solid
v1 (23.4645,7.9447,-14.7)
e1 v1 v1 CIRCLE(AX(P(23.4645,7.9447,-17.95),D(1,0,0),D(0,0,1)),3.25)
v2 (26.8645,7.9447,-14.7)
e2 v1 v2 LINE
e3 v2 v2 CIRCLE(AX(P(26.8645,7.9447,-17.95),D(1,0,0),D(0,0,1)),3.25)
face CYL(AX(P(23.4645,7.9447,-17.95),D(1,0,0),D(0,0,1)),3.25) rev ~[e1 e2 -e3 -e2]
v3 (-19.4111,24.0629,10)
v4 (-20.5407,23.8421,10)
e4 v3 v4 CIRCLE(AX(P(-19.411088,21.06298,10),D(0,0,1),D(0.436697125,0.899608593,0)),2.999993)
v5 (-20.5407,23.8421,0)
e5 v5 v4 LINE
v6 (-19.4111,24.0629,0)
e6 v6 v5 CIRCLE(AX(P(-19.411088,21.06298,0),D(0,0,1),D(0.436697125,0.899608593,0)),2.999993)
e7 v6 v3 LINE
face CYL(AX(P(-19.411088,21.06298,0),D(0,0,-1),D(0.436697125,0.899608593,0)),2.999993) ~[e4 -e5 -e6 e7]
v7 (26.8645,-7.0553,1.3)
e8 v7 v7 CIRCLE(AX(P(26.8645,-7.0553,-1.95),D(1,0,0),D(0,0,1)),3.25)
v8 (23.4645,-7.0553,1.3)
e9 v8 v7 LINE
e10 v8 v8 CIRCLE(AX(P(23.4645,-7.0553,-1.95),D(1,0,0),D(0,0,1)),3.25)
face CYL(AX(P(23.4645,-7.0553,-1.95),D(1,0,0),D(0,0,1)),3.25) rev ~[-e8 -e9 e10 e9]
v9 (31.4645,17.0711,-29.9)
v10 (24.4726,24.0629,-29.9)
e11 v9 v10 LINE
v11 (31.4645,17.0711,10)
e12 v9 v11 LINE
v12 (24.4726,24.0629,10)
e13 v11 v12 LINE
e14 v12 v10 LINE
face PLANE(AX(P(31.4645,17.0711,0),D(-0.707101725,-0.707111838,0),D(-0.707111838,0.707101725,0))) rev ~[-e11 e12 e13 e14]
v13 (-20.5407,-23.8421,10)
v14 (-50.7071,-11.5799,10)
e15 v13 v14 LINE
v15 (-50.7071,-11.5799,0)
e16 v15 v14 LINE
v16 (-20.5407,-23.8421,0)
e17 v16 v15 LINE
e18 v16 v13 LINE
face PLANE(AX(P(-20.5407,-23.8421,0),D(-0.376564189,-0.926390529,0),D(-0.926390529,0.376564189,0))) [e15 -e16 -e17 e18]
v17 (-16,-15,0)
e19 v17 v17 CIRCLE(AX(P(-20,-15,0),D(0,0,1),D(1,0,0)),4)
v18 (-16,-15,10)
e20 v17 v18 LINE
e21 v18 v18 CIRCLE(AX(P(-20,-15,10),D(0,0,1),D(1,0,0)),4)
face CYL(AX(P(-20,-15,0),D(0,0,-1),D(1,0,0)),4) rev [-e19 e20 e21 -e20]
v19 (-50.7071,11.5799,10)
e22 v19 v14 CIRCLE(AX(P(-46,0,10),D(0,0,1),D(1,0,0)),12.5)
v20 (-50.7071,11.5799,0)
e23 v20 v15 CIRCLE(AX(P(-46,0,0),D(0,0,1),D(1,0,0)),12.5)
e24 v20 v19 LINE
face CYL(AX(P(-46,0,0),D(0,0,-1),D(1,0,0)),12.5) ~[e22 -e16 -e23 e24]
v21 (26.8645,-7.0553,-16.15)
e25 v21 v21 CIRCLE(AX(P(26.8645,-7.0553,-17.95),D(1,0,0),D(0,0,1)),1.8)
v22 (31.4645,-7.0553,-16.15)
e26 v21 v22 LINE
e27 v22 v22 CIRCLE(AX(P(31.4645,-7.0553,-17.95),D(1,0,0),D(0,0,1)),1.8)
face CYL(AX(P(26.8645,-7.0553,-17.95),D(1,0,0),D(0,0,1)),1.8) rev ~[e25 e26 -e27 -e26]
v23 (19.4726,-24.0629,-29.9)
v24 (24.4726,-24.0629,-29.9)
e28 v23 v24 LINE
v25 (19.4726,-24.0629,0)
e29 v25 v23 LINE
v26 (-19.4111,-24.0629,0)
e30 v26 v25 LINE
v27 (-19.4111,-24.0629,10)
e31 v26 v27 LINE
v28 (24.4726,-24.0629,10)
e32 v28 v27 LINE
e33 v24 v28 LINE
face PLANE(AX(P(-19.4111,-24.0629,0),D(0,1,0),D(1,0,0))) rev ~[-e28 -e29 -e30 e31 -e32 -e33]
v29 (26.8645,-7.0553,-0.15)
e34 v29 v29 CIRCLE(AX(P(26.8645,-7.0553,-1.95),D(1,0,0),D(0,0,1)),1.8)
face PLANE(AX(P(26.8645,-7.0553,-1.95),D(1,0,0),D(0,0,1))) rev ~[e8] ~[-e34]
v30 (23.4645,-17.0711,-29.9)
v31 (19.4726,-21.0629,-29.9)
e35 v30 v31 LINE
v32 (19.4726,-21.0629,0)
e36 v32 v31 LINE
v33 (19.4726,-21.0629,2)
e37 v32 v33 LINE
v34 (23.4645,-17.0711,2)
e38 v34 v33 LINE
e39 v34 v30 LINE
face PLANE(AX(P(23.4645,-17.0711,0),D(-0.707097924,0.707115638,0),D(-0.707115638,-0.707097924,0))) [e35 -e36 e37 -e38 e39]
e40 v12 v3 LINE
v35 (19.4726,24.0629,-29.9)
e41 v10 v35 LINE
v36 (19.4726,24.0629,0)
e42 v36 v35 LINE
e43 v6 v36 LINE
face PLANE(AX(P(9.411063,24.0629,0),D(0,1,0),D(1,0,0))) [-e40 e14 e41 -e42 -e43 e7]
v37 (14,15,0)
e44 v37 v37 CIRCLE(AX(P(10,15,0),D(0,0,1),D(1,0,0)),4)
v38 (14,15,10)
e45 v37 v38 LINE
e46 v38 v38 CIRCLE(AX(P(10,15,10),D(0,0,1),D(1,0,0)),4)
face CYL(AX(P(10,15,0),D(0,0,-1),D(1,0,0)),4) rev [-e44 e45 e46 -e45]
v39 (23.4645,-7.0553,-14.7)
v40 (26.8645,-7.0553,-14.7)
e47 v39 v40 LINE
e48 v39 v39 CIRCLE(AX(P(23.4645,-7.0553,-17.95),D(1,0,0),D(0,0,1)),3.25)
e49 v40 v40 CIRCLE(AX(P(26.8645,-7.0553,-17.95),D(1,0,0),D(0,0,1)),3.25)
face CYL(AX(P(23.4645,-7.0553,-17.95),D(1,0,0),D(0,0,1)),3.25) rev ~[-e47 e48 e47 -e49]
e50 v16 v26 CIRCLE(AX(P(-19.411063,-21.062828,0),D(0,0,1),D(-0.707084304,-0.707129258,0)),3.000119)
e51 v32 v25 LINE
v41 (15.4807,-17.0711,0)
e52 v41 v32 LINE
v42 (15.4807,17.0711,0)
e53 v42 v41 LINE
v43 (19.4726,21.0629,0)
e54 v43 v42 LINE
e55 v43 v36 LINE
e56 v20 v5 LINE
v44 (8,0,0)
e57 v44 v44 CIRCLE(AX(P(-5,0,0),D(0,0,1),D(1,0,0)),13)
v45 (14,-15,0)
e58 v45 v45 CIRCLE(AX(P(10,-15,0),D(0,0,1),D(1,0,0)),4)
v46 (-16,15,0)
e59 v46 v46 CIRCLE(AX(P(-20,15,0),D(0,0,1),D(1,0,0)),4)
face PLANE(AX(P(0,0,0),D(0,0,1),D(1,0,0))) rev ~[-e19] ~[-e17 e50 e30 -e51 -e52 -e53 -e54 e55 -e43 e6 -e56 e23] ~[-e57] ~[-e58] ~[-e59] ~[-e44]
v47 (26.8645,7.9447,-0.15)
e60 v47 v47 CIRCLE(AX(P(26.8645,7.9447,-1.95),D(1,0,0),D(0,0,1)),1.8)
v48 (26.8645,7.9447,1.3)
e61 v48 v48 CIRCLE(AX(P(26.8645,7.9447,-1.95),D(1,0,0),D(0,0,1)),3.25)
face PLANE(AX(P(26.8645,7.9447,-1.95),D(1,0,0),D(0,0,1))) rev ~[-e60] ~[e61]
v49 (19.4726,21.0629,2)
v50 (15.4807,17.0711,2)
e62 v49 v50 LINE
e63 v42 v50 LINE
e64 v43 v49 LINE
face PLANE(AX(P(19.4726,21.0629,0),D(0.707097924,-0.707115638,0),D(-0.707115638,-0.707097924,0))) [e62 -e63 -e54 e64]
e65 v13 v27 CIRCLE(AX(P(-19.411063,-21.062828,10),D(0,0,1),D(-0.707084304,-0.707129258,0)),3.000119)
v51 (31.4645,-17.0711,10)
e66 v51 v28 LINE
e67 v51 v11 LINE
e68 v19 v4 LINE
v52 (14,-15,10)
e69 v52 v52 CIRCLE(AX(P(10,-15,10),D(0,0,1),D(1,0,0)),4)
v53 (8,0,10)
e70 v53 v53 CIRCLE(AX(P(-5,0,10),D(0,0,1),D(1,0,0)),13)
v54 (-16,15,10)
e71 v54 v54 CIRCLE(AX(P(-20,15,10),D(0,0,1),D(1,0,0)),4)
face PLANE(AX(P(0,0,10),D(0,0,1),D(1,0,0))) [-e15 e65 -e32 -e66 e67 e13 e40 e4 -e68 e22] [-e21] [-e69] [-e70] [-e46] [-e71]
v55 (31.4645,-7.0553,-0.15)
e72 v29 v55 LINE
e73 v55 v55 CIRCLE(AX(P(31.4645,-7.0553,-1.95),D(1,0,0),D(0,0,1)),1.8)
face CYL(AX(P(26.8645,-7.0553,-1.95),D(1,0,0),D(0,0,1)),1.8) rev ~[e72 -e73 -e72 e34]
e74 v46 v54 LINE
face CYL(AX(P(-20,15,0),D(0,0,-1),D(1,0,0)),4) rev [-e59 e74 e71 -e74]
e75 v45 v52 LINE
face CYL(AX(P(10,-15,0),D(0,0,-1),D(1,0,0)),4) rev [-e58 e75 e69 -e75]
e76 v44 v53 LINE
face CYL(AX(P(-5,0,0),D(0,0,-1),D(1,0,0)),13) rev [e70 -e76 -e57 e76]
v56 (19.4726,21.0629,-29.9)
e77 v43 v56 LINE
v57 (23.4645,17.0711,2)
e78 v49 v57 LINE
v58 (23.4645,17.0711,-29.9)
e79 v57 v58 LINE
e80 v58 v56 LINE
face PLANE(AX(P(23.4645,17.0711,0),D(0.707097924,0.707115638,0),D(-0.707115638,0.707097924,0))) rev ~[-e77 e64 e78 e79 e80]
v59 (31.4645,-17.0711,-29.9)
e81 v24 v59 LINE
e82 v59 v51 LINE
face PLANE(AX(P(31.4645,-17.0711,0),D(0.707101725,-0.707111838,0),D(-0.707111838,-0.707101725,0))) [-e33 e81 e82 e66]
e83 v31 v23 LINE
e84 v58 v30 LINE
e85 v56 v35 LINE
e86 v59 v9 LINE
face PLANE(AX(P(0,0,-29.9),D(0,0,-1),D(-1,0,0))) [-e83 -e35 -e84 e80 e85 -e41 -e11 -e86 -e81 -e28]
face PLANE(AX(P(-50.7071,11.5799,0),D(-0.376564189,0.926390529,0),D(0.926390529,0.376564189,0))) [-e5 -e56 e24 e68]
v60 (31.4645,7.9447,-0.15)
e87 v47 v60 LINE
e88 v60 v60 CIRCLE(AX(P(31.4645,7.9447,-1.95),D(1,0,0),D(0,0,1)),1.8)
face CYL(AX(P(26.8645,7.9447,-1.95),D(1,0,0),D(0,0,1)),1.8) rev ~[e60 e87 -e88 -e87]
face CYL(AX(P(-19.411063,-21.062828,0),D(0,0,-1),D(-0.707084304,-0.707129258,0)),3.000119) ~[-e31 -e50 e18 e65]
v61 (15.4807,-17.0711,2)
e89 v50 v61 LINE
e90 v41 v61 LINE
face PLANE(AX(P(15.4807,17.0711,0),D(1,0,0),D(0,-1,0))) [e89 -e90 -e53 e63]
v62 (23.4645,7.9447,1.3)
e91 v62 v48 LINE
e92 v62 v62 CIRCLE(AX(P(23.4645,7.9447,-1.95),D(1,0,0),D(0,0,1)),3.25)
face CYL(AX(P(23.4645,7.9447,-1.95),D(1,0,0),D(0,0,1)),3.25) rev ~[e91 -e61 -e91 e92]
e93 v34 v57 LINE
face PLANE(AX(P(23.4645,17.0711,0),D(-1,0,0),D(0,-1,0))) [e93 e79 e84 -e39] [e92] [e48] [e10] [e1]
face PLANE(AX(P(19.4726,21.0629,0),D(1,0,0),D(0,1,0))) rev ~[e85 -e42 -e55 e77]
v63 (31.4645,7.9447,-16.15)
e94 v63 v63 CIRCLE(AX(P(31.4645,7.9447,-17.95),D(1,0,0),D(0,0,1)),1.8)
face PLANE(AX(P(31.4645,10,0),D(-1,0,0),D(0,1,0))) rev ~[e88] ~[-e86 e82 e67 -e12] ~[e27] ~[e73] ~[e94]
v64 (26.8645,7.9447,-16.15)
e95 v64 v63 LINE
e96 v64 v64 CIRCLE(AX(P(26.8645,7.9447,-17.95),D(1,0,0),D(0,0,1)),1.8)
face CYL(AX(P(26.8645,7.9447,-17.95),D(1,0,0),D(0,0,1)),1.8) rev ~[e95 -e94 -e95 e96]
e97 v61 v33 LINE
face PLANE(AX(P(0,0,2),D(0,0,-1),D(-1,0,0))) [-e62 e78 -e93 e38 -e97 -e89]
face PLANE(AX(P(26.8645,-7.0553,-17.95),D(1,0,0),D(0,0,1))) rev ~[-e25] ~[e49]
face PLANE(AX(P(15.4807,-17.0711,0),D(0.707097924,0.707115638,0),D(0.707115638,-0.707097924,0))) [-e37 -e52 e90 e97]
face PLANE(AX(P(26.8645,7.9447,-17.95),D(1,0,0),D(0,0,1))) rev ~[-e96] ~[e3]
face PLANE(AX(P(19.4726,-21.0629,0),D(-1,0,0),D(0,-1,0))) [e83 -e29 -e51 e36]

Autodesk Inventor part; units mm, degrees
ref_plane "YZ Plane" through (0, 0, 0) normal (1, 0, 0) x (0, 1, 0)
ref_plane "XZ Plane" through (0, 0, 0) normal (0, 1, 0) x (-1, 0, 0)
ref_plane "XY Plane" through (0, 0, 0) normal (0, 0, 1) x (1, 0, 0)
sketch "Sketch1" plane through (0, 0, 0) normal (0, 0, 1) x (1, 0, 0)
  arc A0 (18.1843, -16.5324) -> (18.7618, -13.101) centre (16.0629, -14.4111) ccw projected
  arc A1 (18.7618, 13.101) -> (18.7618, -13.101) centre (45.75, 0) ccw projected
  arc A2 (18.7618, 13.101) -> (18.1843, 16.5324) centre (16.0629, 14.4111) ccw projected
  line L0 (11.5324, 23.1843) -> (18.1843, 16.5324) projected
  arc A3 (11.5324, 23.1843) -> (8.101, 23.7618) centre (9.4111, 21.0629) ccw projected
  arc A4 (-18.101, 23.7618) -> (8.101, 23.7618) centre (-5, 50.75) ccw projected
  arc A5 (-18.101, 23.7618) -> (-21.5324, 23.1843) centre (-19.4111, 21.0629) ccw projected
  line L1 (-28.1843, 16.5324) -> (-21.5324, 23.1843) projected
  arc A6 (-28.1843, 16.5324) -> (-28.7618, 13.101) centre (-26.0629, 14.4111) ccw projected
  arc A7 (-28.7618, -13.101) -> (-28.7618, 13.101) centre (-55.75, 0) ccw projected
  arc A8 (-28.7618, -13.101) -> (-28.1843, -16.5324) centre (-26.0629, -14.4111) ccw projected
  line L2 (-21.5324, -23.1843) -> (-28.1843, -16.5324) projected
  arc A9 (-21.5324, -23.1843) -> (-18.101, -23.7618) centre (-19.4111, -21.0629) ccw projected
  arc A10 (8.101, -23.7618) -> (-18.101, -23.7618) centre (-5, -50.75) ccw projected
  arc A11 (8.101, -23.7618) -> (11.5324, -23.1843) centre (9.4111, -21.0629) ccw projected
  line L3 (18.1843, -16.5324) -> (11.5324, -23.1843) projected
  circle A12 centre (10, -15) radius 4 projected
  circle A13 centre (-20, -15) radius 4 projected
  circle A14 centre (-20, 15) radius 4 projected
  circle A15 centre (10, 15) radius 4 projected
  circle A16 centre (-5, 0) radius 13 projected
  line L4 (39.4645, -4.5) -> (34.9645, -4.5) projected
  line L5 (34.9645, -4.5) -> (34.9645, 4.5) projected
  line L6 (34.9645, 4.5) -> (39.4645, 4.5) projected
  line L7 (39.4645, 4.5) -> (39.4645, 10) projected
  line L8 (39.4645, 10) -> (31.4645, 10) projected
  line L9 (31.4645, 10) -> (31.4645, -10) projected
  line L10 (31.4645, -10) -> (39.4645, -10) projected
  line L11 (39.4645, -10) -> (39.4645, -4.5) projected
  line L12 (31.4645, -10) -> (31.4645, -17.0711)
  line L13 (31.4645, -17.0711) -> (24.4726, -24.0629)
  line L14 (31.4645, 10) -> (31.4645, 17.0711)
  line L15 (-19.4111, -24.0629) -> (24.4726, -24.0629)
  line L16 (-19.4111, 24.0629) -> (24.4726, 24.0629)
  line L17 (31.4645, 17.0711) -> (24.4726, 24.0629)
  circle A17 centre (-46, 0) radius 12.5
  line L18 (-20.5407, -23.8421) -> (-50.7071, -11.5799)
  line L19 (-50.7071, 11.5799) -> (-20.5407, 23.8421)
  point P0 (0, 0)
  dimension "d0" = 45
  dimension "d1" = 5
  dimension "d4" = 46
  dimension "d5" = 25
extrude "Extrusion1" add sketch "Sketch1" along normal blind 10 contours L3 A11 A10 A9 L2 A8 A7 A6 L1 A5 A4 A3 L0 A2 A1 A0 | A0 A1 A2 L0 A3 L16 L17 L14 L9 L12 L13 L15 A11 L3 | L15 A9 A10 A11 | L18 A17 L19 A5 L1 A6 A7 A8 L2 A9 | A3 A4 A5 L16 | A17
sketch "Sketch2" plane through (0, 0, 0) normal (0, 0, -1) x (-1, 0, 0)
  line L0 (-24.4726, -24.0629) -> (-31.4645, -17.0711) projected
  line L1 (19.4111, -24.0629) -> (-24.4726, -24.0629) projected
  arc A0 (19.4111, -24.0629) -> (20.5407, -23.8421) centre (19.4111, -21.0629) ccw projected
  line L2 (50.7071, -11.5799) -> (20.5407, -23.8421) projected
  arc A1 (50.7071, -11.5799) -> (50.7071, 11.5799) centre (46, 0) ccw projected
  line L3 (20.5407, 23.8421) -> (50.7071, 11.5799) projected
  arc A2 (20.5407, 23.8421) -> (19.4111, 24.0629) centre (19.4111, 21.0629) ccw projected
  line L4 (-24.4726, 24.0629) -> (19.4111, 24.0629) projected
  line L5 (-31.4645, 17.0711) -> (-24.4726, 24.0629) projected
  line L6 (-31.4645, -17.0711) -> (-31.4645, 17.0711) projected
  circle A3 centre (-10, -15) radius 4 projected
  circle A4 centre (20, -15) radius 4 projected
  circle A5 centre (20, 15) radius 4 projected
  circle A6 centre (-10, 15) radius 4 projected
  circle A7 centre (5, 0) radius 13 projected
  line L7 (-31.4645, 17.0711) -> (-23.4645, 17.0711)
  line L8 (-23.4645, 17.0711) -> (-23.4645, -17.0711)
  line L9 (-24.4726, -24.0629) -> (-31.4645, -17.0711) projected
  line L10 (-23.4645, -17.0711) -> (-31.4645, -17.0711)
  line L11 (-23.4645, 17.0711) -> (-19.4726, 21.0629)
  line L12 (-19.4726, 21.0629) -> (-19.4726, 24.0629)
  line L13 (-23.4645, -17.0711) -> (-19.4726, -21.0629)
  line L14 (-19.4726, -21.0629) -> (-19.4726, -24.0629)
  line L15 (19.4111, -24.0629) -> (-24.4726, -24.0629) projected
  point P0 (0, 0)
  dimension "d6" = 8
  dimension "d9" = 3
extrude "Extrusion2" add sketch "Sketch2" along normal blind 29.9 contours L0 L10 L13 L14 L1 | L6 L7 L8 L10 | L5 L4 L12 L11 L7
sketch "Sketch3" plane through (23.4645, -17.0711, 0) normal (-1, 0, 0) x (0, 0, 1)
  line L0 (0, 34.1421) -> (0, 0) projected
  line L1 (0, 34.1421) -> (-29.9, 34.1421) projected
  line L2 (-29.9, 0) -> (-29.9, 34.1421) projected
  line L3 (0, 0) -> (-29.9, 0) projected
  point P0 (0, 17.0711)
  point P1 (-1.95, 25.0158)
  point P2 (-17.95, 25.0158)
  point P3 (-17.95, 10.0158)
  point P4 (-1.95, 10.0158)
  dimension "d10" = 15
  dimension "d11" = 16
  dimension "d12" = 11.95
hole "Hole1" at (23.4645, 7.9447, -1.95) at (23.4645, 7.9447, -17.95) at (23.4645, -7.0553, -17.95) at (23.4645, -7.0553, -1.95) direction (1, 0, 0) diameter 3.6 end through all counterbore diameter 6.5 counterbore depth 3.4 clearance for "Socket Head Cap Screw DIN EN ISO 4762" size "M3" standard "DIN"
sketch "Sketch4" plane through (0, 0, 0) normal (0, 0, -1) x (-1, 0, 0)
  circle A0 centre (5, 0) radius 13 projected
  circle A1 centre (-10, 15) radius 4 projected
  circle A2 centre (20, 15) radius 4 projected
  circle A3 centre (20, -15) radius 4 projected
  circle A4 centre (-10, -15) radius 4 projected
  line L0 (-19.4726, 24.0629) -> (-19.4726, 21.0629) projected
  line L1 (-19.4726, 21.0629) -> (-23.4645, 17.0711) projected
  line L2 (-23.4645, 17.0711) -> (-23.4645, 10.5447) projected
  line L3 (-23.4645, 10.5447) -> (-23.4645, 5.3447) projected
  line L4 (-23.4645, 5.3447) -> (-23.4645, -4.4553) projected
  line L5 (-23.4645, -4.4553) -> (-23.4645, -9.6553) projected
  line L6 (-23.4645, -9.6553) -> (-23.4645, -17.0711) projected
  line L7 (-23.4645, -17.0711) -> (-19.4726, -21.0629) projected
  line L8 (-19.4726, -21.0629) -> (-19.4726, -24.0629) projected
  line L9 (19.4111, -24.0629) -> (-19.4726, -24.0629) projected
  arc A5 (19.4111, -24.0629) -> (20.5407, -23.8421) centre (19.4111, -21.0629) ccw projected
  line L10 (50.7071, -11.5799) -> (20.5407, -23.8421) projected
  arc A6 (50.7071, -11.5799) -> (50.7071, 11.5799) centre (46, 0) ccw projected
  line L11 (20.5407, 23.8421) -> (50.7071, 11.5799) projected
  arc A7 (20.5407, 23.8421) -> (19.4111, 24.0629) centre (19.4111, 21.0629) ccw projected
  line L12 (-19.4726, 24.0629) -> (19.4111, 24.0629) projected
  line L13 (-19.4726, 21.0629) -> (-15.4807, 17.0711)
  line L14 (-15.4807, 17.0711) -> (-15.4807, -17.0711)
  line L15 (-15.4807, -17.0711) -> (-19.4726, -21.0629)
  line L16 (-23.4645, 17.0711) -> (-19.4726, 21.0629) projected
  point P0 (0, 0)
extrude "Extrusion3" cut sketch "Sketch4" against normal blind 2 contours L13 L14 L15 L7 L6 L5 L4 L3 L2 L1
properties part number "Rear Z Axis Carriage" material "ABS Plastic"
